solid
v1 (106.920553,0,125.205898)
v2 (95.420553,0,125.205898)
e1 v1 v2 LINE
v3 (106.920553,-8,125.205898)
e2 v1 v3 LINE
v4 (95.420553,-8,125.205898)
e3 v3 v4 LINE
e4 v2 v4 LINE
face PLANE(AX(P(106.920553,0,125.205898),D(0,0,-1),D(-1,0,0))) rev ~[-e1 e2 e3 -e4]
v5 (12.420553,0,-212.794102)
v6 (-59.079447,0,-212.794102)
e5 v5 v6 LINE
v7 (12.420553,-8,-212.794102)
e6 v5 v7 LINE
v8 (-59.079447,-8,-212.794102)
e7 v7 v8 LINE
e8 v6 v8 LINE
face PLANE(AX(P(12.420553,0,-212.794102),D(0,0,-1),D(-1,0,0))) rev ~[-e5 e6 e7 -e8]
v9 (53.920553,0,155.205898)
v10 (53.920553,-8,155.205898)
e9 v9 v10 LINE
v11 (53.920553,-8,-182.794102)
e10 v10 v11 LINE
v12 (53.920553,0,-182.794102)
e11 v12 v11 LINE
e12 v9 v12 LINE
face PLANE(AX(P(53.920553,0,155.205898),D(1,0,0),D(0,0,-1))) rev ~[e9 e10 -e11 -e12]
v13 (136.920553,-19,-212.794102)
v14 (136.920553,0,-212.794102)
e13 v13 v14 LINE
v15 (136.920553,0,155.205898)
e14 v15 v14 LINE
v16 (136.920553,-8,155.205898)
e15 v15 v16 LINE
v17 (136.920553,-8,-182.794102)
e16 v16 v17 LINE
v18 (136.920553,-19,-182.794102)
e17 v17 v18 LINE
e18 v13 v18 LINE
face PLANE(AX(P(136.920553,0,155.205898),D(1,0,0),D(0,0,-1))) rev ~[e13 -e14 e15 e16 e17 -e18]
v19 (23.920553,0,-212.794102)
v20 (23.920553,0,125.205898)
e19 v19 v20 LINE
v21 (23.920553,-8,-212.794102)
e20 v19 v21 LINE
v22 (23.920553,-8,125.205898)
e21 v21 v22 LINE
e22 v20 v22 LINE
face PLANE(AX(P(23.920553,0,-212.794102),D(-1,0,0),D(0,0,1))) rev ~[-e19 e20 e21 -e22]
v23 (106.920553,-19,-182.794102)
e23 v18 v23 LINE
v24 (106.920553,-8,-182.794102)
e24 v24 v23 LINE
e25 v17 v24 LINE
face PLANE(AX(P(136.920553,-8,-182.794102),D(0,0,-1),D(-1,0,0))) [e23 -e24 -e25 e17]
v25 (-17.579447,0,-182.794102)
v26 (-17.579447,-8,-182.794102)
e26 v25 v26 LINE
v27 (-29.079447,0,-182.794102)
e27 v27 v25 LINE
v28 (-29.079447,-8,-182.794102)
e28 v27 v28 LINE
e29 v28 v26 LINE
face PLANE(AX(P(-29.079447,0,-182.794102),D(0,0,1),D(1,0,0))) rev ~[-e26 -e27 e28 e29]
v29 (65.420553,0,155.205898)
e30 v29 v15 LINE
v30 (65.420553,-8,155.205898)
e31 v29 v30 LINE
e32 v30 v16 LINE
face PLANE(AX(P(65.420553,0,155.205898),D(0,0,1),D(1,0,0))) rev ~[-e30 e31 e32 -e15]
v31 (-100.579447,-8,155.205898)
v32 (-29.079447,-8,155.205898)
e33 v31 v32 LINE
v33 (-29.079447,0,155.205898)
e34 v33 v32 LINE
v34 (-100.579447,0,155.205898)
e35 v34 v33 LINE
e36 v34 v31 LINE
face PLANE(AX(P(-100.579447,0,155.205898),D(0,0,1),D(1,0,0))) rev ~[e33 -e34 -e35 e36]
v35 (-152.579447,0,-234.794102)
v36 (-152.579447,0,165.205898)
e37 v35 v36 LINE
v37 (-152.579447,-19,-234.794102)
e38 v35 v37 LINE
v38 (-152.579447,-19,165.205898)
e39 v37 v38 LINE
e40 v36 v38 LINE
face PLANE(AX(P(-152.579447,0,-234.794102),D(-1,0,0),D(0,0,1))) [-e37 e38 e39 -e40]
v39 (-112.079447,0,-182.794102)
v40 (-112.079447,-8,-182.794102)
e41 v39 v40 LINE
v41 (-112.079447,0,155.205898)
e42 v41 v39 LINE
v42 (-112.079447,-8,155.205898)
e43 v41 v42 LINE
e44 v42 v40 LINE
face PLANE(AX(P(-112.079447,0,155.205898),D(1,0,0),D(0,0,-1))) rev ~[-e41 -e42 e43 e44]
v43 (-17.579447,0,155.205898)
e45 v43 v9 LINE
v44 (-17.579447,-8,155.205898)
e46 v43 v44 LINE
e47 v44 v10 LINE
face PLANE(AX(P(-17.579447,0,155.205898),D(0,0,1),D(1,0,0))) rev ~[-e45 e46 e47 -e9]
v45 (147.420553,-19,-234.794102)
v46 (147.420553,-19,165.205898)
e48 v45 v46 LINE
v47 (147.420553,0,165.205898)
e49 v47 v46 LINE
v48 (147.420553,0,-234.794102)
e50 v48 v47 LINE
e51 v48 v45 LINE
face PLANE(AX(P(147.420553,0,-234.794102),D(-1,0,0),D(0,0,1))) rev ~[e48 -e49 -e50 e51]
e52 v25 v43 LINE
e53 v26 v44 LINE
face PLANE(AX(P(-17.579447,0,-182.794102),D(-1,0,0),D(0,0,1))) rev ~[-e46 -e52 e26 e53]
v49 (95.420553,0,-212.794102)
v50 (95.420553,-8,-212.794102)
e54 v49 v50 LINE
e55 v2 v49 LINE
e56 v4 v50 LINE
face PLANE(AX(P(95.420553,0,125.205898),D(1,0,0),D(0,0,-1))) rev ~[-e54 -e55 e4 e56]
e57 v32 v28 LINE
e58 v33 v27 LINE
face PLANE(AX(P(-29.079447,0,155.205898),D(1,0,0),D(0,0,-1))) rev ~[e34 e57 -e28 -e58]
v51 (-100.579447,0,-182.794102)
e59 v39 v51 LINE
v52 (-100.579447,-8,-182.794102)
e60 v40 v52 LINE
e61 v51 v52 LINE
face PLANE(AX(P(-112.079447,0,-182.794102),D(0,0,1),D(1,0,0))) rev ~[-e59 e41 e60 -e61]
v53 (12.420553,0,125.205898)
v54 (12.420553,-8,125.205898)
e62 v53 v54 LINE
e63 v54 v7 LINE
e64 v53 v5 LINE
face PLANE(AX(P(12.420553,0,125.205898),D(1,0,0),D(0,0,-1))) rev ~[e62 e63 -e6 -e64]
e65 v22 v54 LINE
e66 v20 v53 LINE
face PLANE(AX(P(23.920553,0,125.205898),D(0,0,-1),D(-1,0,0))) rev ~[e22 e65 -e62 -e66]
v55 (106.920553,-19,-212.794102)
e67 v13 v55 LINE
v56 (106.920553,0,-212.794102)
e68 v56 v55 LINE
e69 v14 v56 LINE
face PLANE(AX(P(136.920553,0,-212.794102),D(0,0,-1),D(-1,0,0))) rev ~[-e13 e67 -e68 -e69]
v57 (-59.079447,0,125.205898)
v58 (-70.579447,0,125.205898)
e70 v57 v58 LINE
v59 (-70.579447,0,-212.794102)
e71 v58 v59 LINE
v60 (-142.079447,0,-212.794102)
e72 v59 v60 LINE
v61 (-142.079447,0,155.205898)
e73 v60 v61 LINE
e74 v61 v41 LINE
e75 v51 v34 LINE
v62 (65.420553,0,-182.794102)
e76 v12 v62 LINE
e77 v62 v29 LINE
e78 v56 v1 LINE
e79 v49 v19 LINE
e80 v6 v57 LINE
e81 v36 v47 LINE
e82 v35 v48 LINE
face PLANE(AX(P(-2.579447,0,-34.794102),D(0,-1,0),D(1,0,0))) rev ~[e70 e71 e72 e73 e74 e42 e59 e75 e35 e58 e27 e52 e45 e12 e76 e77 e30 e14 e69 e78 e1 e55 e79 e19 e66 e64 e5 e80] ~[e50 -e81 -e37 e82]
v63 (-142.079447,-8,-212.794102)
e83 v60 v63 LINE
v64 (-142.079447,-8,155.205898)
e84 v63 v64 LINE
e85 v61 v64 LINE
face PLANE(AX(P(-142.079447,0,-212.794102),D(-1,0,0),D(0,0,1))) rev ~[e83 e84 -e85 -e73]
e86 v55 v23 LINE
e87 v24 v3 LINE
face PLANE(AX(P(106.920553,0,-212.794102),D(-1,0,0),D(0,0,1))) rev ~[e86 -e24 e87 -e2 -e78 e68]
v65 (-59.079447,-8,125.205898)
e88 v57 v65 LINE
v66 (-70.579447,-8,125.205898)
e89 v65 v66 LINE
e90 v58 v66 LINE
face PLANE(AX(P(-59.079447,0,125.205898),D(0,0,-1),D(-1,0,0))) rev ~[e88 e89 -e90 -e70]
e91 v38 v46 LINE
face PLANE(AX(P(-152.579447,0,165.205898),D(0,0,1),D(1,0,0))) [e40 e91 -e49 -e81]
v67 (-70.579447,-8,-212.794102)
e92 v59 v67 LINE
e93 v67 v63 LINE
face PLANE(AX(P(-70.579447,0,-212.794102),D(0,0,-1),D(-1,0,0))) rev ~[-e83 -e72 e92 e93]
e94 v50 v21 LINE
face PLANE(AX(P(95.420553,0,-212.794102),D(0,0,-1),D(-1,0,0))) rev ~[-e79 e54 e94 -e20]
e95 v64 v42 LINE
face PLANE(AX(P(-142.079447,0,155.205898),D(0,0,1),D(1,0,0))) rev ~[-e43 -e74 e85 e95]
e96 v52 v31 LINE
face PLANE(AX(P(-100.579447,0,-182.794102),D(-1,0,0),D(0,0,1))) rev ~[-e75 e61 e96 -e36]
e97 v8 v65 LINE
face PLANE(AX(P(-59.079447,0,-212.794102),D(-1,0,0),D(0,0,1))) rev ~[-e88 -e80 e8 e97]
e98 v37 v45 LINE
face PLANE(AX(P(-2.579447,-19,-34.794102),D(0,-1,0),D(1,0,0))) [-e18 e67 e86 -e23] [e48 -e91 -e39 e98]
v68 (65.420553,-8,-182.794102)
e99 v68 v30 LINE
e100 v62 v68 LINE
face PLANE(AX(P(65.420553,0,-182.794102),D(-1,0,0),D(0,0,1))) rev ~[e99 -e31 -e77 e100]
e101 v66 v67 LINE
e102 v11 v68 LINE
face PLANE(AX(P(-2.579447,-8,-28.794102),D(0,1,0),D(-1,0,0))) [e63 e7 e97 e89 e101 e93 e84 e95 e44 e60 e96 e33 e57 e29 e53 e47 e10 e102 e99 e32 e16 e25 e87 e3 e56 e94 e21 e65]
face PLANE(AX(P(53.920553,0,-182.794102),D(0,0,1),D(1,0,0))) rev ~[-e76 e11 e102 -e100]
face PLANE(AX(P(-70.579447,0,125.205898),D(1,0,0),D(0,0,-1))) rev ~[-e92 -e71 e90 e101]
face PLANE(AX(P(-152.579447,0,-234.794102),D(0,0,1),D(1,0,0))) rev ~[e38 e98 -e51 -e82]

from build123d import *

# Parameters (mm, degrees)
F0_W     = 300
F0_H     = 400
F1_DEPTH = 19
F3_DEPTH = 8
F4_W     = 30
F4_H     = 30
F5_DEPTH = 11
F6_DEPTH = 11


with BuildPart() as f1:
    # F0 (on Front) → F1 (new body)
    with BuildSketch(Plane.XZ):
        with Locations((-2.579447, -34.794102)):
            Rectangle(F0_W, F0_H)
    extrude(amount=F1_DEPTH)

    # F2 (on face) → F3 (cut)
    with BuildSketch(Plane(origin=(0, 0, 0), x_dir=(-1, 0, 0), z_dir=(0, 1, 0))):
        Polygon((-136.920553, 155.205898), (-136.920553, -212.794102), (-106.920553, -212.794102), (-106.920553, 125.205898), (-95.420553, 125.205898), (-95.420553, -212.794102), (-23.920553, -212.794102), (-23.920553, 125.205898), (-12.420553, 125.205898), (-12.420553, -212.794102), (59.079447, -212.794102), (59.079447, 125.205898), (70.579447, 125.205898), (70.579447, -212.794102), (142.079447, -212.794102), (142.079447, 155.205898), (112.079447, 155.205898), (112.079447, -182.794102), (100.579447, -182.794102), (100.579447, 155.205898), (29.079447, 155.205898), (29.079447, -182.794102), (17.579447, -182.794102), (17.579447, 155.205898), (-53.920553, 155.205898), (-53.920553, -182.794102), (-65.420553, -182.794102), (-65.420553, 155.205898), align=None)
    extrude(amount=-F3_DEPTH, mode=Mode.SUBTRACT)

    # F4 (on face) → F5 (join)
    with BuildSketch(Plane(origin=(0, -8, 0), x_dir=(-1, 0, 0), z_dir=(0, 1, 0))):
        with Locations((-121.920553, -197.794102)):
            Rectangle(F4_W, F4_H)
    extrude(amount=-F5_DEPTH)

    # F4 (on face) → F6 (cut)
    with BuildSketch(Plane(origin=(0, -8, 0), x_dir=(-1, 0, 0), z_dir=(0, 1, 0))):
        with Locations((-121.920553, -197.794102)):
            Rectangle(F4_W, F4_H)
    extrude(amount=-F6_DEPTH, mode=Mode.SUBTRACT)


solid = f1.part
